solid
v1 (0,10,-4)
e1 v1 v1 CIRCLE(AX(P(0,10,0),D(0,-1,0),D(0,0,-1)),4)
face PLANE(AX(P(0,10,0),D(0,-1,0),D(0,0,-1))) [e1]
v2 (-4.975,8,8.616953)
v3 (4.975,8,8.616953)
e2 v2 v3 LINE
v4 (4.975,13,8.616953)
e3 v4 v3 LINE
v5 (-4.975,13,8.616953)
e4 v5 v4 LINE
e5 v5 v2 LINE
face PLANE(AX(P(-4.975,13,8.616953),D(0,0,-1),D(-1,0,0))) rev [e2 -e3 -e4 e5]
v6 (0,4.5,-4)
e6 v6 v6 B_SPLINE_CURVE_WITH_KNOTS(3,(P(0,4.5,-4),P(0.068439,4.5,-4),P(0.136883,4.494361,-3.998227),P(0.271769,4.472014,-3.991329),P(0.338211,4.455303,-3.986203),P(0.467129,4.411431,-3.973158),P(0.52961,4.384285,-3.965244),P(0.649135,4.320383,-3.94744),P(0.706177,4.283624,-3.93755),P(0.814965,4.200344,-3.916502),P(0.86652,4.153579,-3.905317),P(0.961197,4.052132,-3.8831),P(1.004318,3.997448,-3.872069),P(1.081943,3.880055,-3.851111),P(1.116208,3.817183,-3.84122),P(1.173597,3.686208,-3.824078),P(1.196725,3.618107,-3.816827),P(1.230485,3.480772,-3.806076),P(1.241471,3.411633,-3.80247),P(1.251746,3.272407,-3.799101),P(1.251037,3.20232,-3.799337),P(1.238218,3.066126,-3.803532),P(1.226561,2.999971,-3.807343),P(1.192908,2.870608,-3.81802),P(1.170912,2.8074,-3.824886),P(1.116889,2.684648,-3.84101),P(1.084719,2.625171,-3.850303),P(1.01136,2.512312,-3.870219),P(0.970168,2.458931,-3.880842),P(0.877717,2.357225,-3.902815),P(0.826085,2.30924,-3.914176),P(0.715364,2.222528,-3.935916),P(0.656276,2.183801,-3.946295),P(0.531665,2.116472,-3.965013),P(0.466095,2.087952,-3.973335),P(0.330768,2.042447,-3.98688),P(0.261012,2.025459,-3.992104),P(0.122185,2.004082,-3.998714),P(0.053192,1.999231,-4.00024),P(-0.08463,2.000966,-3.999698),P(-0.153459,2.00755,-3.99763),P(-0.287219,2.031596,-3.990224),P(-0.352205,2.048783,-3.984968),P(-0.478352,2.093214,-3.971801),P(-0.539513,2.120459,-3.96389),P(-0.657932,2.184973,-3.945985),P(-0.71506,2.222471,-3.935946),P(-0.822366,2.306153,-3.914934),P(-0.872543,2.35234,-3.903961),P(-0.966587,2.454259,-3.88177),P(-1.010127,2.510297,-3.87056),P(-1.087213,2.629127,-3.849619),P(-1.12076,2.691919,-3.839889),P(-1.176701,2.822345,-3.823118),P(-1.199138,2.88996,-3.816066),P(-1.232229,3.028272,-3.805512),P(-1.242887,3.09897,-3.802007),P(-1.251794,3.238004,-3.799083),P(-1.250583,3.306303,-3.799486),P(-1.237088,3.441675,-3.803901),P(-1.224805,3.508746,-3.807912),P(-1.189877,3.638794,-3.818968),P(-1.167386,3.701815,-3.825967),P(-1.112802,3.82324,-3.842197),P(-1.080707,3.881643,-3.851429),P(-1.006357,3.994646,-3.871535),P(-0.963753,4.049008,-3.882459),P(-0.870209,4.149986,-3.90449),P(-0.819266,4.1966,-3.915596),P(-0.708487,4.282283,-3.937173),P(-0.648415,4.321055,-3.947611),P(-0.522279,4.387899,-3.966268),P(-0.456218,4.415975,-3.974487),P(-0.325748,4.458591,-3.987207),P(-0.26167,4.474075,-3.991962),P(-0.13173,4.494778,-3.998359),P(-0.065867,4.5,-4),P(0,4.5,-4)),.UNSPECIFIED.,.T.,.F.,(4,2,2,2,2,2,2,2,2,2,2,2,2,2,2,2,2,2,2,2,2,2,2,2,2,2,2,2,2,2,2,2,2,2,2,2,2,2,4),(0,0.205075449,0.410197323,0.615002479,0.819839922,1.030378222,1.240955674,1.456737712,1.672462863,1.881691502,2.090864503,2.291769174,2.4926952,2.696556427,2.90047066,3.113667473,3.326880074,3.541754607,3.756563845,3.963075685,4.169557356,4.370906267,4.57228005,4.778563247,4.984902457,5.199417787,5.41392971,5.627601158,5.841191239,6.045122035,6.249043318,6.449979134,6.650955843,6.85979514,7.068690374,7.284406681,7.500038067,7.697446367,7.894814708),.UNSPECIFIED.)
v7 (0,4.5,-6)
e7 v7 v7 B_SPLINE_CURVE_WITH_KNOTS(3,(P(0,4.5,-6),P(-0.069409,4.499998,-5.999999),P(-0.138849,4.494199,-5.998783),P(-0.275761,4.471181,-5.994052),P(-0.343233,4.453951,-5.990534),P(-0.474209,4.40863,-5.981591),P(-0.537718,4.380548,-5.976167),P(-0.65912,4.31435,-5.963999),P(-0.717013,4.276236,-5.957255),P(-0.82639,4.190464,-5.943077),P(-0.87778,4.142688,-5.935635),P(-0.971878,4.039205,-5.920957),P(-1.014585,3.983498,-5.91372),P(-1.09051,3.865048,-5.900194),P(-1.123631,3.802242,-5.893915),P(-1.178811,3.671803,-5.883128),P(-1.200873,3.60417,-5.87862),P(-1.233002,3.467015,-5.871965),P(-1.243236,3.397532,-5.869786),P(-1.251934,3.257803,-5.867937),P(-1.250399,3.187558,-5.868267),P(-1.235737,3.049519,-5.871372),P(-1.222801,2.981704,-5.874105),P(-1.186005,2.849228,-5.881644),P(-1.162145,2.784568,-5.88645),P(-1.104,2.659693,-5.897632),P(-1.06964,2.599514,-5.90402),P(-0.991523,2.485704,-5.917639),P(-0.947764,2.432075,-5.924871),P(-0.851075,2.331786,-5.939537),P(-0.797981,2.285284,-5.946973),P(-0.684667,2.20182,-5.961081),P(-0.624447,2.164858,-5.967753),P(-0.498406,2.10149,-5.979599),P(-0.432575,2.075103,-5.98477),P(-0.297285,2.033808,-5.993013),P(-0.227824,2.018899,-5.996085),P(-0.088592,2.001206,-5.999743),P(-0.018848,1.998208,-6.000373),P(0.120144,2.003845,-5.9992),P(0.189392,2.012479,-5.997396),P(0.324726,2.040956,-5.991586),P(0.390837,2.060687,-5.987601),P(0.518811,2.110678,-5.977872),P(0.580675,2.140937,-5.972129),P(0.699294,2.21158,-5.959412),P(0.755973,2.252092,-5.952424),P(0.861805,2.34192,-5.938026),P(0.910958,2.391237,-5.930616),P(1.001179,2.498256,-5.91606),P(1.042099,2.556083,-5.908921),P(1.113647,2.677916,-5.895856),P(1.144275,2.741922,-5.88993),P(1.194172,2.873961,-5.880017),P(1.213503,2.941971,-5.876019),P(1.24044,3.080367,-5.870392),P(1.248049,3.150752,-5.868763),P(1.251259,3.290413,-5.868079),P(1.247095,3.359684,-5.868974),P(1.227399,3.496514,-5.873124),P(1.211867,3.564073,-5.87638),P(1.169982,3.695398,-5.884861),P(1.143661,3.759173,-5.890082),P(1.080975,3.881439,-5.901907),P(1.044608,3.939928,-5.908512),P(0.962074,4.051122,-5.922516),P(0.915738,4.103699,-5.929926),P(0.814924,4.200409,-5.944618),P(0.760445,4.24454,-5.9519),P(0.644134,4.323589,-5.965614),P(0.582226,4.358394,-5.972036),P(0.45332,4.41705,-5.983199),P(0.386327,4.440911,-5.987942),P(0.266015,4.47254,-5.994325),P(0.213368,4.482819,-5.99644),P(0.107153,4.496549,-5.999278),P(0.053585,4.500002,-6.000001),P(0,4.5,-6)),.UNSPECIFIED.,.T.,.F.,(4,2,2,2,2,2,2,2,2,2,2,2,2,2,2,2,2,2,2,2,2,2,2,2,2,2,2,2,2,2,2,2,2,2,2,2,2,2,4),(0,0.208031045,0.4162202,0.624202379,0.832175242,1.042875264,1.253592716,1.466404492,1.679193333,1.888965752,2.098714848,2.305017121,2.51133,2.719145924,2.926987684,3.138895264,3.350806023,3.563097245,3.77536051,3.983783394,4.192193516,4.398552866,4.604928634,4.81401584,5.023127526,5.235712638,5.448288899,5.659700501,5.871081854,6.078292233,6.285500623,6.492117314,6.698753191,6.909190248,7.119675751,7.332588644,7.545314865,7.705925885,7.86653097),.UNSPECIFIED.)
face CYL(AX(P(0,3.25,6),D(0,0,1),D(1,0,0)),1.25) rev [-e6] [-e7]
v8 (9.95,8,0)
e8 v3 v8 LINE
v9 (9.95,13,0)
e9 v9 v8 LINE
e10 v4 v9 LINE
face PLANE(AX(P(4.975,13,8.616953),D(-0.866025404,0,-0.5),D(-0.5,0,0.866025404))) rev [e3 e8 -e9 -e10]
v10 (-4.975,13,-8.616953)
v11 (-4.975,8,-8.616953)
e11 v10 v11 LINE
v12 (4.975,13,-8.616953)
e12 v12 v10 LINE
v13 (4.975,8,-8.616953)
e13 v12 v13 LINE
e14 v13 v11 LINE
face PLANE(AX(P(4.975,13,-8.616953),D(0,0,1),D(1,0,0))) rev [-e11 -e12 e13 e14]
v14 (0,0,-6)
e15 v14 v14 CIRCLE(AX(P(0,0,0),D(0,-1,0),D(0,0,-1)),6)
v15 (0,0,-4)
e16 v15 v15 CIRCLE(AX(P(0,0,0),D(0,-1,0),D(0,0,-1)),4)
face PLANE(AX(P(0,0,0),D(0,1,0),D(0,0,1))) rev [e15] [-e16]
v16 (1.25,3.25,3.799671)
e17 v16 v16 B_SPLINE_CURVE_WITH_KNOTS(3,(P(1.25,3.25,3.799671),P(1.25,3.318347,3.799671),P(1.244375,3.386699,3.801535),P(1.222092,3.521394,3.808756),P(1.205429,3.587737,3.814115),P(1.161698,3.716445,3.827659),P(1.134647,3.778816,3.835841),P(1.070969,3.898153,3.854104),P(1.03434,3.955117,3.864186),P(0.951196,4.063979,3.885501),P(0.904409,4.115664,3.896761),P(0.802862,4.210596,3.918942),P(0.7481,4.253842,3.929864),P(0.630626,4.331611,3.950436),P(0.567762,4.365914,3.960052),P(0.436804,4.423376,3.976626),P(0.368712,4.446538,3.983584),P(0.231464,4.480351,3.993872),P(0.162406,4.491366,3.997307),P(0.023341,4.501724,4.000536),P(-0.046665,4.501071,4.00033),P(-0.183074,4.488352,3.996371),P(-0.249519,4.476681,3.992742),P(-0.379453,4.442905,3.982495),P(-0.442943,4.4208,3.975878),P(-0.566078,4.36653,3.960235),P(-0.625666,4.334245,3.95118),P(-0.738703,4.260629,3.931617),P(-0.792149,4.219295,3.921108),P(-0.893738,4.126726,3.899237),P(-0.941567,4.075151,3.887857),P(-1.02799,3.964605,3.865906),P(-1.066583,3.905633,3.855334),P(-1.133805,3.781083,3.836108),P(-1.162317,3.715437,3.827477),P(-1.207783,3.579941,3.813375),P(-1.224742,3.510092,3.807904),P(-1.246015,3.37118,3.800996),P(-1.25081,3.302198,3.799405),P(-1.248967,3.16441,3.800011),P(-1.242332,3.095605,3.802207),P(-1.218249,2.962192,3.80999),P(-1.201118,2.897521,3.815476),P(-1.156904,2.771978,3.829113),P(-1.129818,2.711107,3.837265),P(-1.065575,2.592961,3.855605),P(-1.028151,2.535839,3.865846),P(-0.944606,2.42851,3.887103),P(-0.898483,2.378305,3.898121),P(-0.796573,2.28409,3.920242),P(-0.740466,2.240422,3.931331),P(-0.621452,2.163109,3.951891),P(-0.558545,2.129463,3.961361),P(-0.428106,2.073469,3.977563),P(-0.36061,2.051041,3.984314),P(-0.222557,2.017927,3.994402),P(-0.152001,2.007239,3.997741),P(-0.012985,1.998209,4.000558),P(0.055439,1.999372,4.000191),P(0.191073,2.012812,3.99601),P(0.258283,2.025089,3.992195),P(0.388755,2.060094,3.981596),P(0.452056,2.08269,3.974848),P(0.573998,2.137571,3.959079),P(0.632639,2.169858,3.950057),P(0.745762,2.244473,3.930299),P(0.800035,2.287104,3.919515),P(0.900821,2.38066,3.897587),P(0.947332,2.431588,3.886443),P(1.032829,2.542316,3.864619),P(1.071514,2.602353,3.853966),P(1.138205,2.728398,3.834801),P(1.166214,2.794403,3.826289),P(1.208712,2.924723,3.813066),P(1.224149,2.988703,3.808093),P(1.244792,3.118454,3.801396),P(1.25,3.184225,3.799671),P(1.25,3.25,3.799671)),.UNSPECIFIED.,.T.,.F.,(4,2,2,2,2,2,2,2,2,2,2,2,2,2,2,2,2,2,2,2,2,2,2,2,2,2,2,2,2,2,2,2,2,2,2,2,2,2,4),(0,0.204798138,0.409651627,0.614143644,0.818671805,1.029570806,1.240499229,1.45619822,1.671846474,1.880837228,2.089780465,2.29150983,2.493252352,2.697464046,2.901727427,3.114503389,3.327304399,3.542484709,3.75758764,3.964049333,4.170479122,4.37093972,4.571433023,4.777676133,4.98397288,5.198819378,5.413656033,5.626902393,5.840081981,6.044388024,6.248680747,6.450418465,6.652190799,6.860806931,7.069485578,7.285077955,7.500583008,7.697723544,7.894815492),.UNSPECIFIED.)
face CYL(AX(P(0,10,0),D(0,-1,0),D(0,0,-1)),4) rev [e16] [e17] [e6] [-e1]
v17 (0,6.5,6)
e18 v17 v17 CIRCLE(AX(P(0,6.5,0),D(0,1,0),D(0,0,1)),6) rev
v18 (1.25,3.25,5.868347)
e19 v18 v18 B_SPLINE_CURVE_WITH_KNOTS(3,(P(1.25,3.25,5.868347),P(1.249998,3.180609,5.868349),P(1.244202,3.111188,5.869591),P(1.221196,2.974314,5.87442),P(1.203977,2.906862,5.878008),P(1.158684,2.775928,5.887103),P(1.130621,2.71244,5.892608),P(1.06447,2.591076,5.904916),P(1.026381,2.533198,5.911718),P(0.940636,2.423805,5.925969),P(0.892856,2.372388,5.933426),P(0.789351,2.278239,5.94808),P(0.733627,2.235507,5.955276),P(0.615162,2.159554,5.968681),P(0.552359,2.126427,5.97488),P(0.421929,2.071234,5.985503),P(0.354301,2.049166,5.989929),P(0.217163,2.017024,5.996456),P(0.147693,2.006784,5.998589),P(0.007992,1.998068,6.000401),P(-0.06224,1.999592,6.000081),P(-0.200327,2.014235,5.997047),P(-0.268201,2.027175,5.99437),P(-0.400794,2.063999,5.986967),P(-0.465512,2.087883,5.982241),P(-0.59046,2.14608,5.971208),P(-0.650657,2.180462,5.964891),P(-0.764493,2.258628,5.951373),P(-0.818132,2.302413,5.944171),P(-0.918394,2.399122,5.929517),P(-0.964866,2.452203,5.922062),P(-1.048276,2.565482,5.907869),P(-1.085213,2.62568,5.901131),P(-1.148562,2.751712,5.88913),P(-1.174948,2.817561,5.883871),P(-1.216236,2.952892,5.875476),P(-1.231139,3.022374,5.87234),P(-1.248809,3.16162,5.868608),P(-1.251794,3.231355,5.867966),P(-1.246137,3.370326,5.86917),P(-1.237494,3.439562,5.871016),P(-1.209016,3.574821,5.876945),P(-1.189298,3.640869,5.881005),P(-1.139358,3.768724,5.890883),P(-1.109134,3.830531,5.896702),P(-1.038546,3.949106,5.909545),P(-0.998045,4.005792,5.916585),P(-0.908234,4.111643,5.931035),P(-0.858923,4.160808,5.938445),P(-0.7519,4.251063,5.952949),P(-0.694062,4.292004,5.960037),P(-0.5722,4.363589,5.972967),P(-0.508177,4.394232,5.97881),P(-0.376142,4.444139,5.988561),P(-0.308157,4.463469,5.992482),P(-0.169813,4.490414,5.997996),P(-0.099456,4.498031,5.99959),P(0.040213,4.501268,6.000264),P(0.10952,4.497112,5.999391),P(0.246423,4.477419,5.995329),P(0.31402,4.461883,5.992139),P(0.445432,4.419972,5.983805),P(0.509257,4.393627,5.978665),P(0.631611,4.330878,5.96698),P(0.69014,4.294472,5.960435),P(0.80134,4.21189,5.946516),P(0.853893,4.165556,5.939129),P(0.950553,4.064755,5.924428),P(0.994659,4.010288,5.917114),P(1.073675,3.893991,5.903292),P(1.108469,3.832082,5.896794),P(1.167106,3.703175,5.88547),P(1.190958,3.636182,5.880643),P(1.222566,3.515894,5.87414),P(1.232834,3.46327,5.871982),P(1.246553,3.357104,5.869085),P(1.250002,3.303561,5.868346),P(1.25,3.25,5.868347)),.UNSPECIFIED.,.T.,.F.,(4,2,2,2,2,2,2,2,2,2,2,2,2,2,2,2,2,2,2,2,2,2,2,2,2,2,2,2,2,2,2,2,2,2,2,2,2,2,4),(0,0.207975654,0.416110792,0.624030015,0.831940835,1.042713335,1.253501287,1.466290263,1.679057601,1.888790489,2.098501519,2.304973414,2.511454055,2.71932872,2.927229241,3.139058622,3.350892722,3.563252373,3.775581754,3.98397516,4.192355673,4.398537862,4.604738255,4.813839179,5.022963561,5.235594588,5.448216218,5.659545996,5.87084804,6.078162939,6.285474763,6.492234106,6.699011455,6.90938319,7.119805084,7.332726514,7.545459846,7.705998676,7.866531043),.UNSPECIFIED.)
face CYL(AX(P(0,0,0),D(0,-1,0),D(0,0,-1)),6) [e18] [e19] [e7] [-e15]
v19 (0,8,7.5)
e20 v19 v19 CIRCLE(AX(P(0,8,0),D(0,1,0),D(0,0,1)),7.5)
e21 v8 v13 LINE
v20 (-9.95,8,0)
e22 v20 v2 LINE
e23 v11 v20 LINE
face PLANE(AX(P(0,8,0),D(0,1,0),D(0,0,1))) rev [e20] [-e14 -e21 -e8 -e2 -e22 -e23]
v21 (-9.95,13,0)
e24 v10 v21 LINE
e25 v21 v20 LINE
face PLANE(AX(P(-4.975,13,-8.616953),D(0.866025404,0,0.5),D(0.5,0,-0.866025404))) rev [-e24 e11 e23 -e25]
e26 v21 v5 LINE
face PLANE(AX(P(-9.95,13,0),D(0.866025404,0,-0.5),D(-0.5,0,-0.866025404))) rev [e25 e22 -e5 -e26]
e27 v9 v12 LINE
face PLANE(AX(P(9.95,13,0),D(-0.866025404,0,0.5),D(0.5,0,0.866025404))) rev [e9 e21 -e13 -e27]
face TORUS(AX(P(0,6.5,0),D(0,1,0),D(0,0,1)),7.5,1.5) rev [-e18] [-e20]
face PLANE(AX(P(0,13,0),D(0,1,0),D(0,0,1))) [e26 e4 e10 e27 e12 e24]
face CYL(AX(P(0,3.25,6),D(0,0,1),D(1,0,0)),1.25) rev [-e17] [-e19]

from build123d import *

# Parameters (mm, degrees)
CROQUIS1_W                  = 6
CROQUIS1_H                  = 8
SALIENTE_EXTRUIR1_DEPTH     = 5
REDONDEO4_R                 = 1.5
SKETCH6_R                   = 4
CUT_EXTRUDE1_DEPTH          = 10
TAP_DRILL_FOR_M3X0_5_TAP1_D = 2.5


with BuildPart() as part:
    # Croquis1 → Revolución1 (revolve)
    with BuildSketch(Plane(origin=(0, 0, 0), x_dir=(0, 0, -1), z_dir=(1, 0, 0)), mode=Mode.PRIVATE) as revoluci_n1_sk:
        with Locations((-3, 4)):
            Rectangle(CROQUIS1_W, CROQUIS1_H)
    revolve(revoluci_n1_sk.sketch.rotate(Axis((0, 0, 0), (0, 1, 0)), 180), axis=Axis((0, 0, 0), (0, 1, 0)))

    # Croquis2 → Saliente-Extruir1 (add)
    with BuildSketch(Plane(origin=(0, 8, 0), x_dir=(1, 0, 0), z_dir=(0, 1, 0))):
        Polygon((-9.95, 0), (-4.975, -8.616952768), (4.975, -8.616952768), (9.95, 0), (4.975, 8.616952768), (-4.975, 8.616952768), align=None)
    extrude(amount=SALIENTE_EXTRUIR1_DEPTH)

    # Redondeo4
    redondeo4_edges = [part.edges().sort_by_distance(p)[0] for p in [
        (0, 8, 6),
    ]]
    fillet(redondeo4_edges, radius=REDONDEO4_R)

    # Sketch6 → Cut-Extrude1 (cut)
    with BuildSketch(Plane.XZ):
        with Locations(Location((0, 0, 0), (0, 0, 270))):
            Circle(SKETCH6_R)
    extrude(amount=-CUT_EXTRUDE1_DEPTH, mode=Mode.SUBTRACT)

    # Tap Drill for M3x0.5 Tap1 (through all)
    with Locations(Plane(origin=(0, 3.25, 6), x_dir=(1, 0, 0), z_dir=(0, 0, 1))):
        with Locations((0, 0)):
            Hole(TAP_DRILL_FOR_M3X0_5_TAP1_D / 2)


solid = part.part
